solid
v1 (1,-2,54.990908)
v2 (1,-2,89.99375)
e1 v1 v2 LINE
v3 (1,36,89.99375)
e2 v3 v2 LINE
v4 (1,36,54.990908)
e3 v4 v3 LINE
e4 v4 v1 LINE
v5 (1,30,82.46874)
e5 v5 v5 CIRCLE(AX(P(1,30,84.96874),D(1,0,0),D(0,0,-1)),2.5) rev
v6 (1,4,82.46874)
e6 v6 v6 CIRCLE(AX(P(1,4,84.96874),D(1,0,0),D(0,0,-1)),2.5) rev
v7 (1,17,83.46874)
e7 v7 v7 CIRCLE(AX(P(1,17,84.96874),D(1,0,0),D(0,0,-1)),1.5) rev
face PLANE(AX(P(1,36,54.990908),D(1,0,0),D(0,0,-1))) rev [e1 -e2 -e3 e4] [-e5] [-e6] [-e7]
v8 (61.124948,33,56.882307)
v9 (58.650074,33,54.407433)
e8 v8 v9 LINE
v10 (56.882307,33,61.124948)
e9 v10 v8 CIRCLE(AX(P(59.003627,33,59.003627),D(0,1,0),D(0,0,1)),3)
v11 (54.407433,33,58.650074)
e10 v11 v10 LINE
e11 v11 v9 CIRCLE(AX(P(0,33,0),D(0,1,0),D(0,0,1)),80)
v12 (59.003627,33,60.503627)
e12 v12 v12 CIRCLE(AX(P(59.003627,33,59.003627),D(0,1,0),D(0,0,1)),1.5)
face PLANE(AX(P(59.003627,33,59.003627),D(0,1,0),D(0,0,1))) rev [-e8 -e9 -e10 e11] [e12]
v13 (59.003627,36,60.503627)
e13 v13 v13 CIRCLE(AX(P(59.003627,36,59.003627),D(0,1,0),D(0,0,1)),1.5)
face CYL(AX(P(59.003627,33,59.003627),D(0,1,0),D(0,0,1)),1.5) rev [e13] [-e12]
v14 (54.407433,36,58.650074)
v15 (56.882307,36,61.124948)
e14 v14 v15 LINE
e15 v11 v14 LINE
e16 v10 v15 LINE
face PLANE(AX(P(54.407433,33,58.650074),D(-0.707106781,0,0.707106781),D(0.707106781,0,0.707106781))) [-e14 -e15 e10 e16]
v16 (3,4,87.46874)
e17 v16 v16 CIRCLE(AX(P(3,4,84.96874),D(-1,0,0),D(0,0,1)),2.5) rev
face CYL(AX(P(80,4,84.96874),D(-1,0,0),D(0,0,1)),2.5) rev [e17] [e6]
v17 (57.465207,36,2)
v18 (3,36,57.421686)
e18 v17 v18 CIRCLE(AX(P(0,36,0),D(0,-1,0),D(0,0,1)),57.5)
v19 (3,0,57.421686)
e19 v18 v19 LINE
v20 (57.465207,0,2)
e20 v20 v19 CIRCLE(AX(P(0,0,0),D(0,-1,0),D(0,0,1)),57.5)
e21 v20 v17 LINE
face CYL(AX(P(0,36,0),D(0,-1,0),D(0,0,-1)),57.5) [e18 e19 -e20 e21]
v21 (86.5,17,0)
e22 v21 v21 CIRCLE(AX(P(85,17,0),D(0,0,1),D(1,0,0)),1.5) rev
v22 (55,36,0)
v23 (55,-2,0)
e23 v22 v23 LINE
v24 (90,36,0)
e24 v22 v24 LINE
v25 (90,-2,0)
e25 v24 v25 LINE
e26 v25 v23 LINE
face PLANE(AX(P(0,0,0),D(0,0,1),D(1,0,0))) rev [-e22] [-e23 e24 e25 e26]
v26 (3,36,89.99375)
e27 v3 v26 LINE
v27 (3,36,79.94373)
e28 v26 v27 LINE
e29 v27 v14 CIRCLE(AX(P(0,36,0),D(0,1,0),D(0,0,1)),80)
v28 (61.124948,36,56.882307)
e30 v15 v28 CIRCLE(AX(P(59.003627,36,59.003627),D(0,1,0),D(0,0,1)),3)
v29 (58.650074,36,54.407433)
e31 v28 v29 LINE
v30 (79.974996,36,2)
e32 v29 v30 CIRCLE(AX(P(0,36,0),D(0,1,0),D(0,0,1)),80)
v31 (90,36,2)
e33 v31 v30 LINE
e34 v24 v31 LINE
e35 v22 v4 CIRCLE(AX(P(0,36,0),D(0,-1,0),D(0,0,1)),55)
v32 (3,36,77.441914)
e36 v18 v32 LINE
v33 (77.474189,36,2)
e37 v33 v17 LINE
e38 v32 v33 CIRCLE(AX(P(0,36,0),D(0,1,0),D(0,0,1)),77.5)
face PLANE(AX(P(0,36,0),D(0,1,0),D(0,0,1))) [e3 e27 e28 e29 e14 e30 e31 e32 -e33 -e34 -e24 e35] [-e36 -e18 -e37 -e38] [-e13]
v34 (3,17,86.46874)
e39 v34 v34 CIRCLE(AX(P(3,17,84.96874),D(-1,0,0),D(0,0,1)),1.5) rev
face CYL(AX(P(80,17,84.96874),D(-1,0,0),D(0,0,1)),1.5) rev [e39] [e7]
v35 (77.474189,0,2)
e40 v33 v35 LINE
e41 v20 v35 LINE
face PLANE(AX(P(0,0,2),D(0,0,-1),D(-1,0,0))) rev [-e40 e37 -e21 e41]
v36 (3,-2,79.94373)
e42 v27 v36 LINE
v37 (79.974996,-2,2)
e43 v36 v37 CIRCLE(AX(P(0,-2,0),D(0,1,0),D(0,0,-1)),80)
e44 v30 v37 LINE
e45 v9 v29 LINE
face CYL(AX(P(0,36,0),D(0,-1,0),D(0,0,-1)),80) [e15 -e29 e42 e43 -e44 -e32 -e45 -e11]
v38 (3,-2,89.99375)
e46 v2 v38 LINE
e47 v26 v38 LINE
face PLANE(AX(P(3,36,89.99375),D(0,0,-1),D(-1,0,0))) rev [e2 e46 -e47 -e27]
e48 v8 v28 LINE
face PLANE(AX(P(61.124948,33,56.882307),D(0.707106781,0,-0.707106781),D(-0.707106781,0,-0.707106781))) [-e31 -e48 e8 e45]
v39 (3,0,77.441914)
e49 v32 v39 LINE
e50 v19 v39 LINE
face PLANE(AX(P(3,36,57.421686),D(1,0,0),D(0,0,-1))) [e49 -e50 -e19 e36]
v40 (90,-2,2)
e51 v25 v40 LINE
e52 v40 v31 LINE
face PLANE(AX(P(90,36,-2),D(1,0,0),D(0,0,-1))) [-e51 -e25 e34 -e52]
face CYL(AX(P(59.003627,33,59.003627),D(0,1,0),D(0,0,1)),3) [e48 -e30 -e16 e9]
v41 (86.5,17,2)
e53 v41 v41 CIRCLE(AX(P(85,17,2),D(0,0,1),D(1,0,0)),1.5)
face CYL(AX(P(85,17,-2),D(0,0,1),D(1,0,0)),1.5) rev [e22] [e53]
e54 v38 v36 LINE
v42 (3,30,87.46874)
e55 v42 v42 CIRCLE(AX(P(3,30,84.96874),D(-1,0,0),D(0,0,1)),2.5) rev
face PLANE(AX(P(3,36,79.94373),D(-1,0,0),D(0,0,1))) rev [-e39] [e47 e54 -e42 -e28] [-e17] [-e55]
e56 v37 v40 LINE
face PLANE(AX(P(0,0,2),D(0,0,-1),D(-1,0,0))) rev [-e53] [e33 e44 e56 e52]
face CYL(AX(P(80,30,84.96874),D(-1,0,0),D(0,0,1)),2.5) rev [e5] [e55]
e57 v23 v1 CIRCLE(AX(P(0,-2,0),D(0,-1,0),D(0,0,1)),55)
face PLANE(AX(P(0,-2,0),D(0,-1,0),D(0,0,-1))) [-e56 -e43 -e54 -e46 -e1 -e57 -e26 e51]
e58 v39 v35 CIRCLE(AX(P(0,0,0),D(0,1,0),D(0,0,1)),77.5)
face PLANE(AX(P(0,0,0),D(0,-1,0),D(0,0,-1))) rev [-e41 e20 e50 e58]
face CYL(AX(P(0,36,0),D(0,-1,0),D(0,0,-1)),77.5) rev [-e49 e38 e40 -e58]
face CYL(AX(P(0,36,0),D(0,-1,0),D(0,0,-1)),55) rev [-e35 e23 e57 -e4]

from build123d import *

# Parameters (mm, degrees)
EXTRUDE_1_DEPTH      = 36
EXTRUDE_START        = -2
EXTRUDE_2_DEPTH      = 2
SKETCH_3_R           = 2.5
SKETCH_3_R_2         = 1.5
CUT_EXTRUDE_1_DEPTH  = 126.677663072
EXTRUDE_3_DEPTH      = 2
EXTRUDE_3_DEPTH_BACK = 2
SKETCH_4_R           = 1.5
SKETCH_5_W           = 98.68516208
SKETCH_5_H           = 47.907231557
CUT_EXTRUDE_2_DEPTH  = 133.268193437
SKETCH_6_R           = 1.5
EXTRUDE_4_DEPTH      = 3


with BuildPart() as part:
    # 草图1 → 凸台-拉伸1 (new body)
    with BuildSketch(Plane(origin=(0, 0, 0), x_dir=(1, 0, 0), z_dir=(0, 1, 0))):
        with BuildLine():
            Line((3, -79.943730211), (3, -89.993749756))
            Line((3, -89.993749756), (1, -89.993749756))
            Line((1, -89.993749756), (1, -54.990908339))
            ThreePointArc((1, -54.990908339), (55, 0), (1, 54.990908339))
            Line((1, 54.990908339), (1, 79.993749756))
            Line((1, 79.993749756), (1, 89.993749756))
            Line((1, 89.993749756), (3, 89.993749756))
            Line((3, 89.993749756), (3, 79.943730211))
            ThreePointArc((3, 79.943730211), (80, 0), (3, -79.943730211))
        make_face()
        with BuildLine():
            Line((3, 77.441913716), (3, 57.421685799))
            ThreePointArc((3, 57.421685799), (57.5, 0), (3, -57.421685799))
            Line((3, -57.421685799), (3, -77.441913716))
            ThreePointArc((3, -77.441913716), (77.5, 0), (3, 77.441913716))
        make_face(mode=Mode.SUBTRACT)
    extrude(amount=EXTRUDE_1_DEPTH)

    # 草图2 → 凸台-拉伸2 (add)
    with BuildSketch(Plane(origin=(0, 0, 0), x_dir=(1, 0, 0), z_dir=(0, 1, 0)).offset(EXTRUDE_START)):
        with BuildLine():
            Line((1, 89.993749756), (1, 54.990908339))
            ThreePointArc((1, 54.990908339), (55, 0), (1, -54.990908339))
            Line((1, -54.990908339), (1, -89.993749756))
            Line((1, -89.993749756), (3, -89.993749756))
            Line((3, -89.993749756), (3, -79.943730211))
            ThreePointArc((3, -79.943730211), (80, 0), (3, 79.943730211))
            Line((3, 79.943730211), (3, 89.993749756))
            Line((3, 89.993749756), (1, 89.993749756))
        make_face()
    extrude(amount=EXTRUDE_2_DEPTH)

    # 草图3 → 切除-拉伸1 (cut, through all)
    with BuildSketch(Plane(origin=(0, 0, 0), x_dir=(0, 0, -1), z_dir=(1, 0, 0))):
        with Locations((-84.968739983, 30)):
            Circle(SKETCH_3_R)
        with Locations((-84.968739983, 17)):
            Circle(SKETCH_3_R_2)
        with Locations((84.968739983, 17)):
            Circle(SKETCH_3_R_2)
        with Locations((84.968739983, 30)):
            Circle(SKETCH_3_R)
        with Locations((-84.968739983, 4)):
            Circle(SKETCH_3_R)
    extrude(amount=CUT_EXTRUDE_1_DEPTH, mode=Mode.SUBTRACT)

    # 草图4 → 凸台-拉伸3 (add, two sides: drawn at the far end of the back side and taken through both)
    with BuildSketch(Plane.XY.offset(-EXTRUDE_3_DEPTH_BACK)):
        Polygon((80, 36), (55, 36), (55, -2), (80, -2), (90, -2), (90, 36), align=None)
        with Locations((85, 17)):
            Circle(SKETCH_4_R, mode=Mode.SUBTRACT)
    extrude(amount=EXTRUDE_3_DEPTH + EXTRUDE_3_DEPTH_BACK)

    # 草图5 → 切除-拉伸2 (cut, through all)
    with BuildSketch(Plane.XY):
        with Locations((47.157910723, 20.571893337)):
            Rectangle(SKETCH_5_W, SKETCH_5_H)
    extrude(amount=-CUT_EXTRUDE_2_DEPTH, mode=Mode.SUBTRACT)

    # 草图6 → 凸台-拉伸4 (add)
    with BuildSketch(Plane(origin=(0, 36, 0), x_dir=(1, 0, 0), z_dir=(0, 1, 0))):
        with BuildLine():
            Line((58.650074089, -54.407433402), (54.407433402, -58.650074089))
            Line((54.407433402, -58.650074089), (56.882307136, -61.124947823))
            ThreePointArc((56.882307136, -61.124947823), (61.124947823, -61.124947823), (61.124947823, -56.882307136))
            Line((61.124947823, -56.882307136), (58.650074089, -54.407433402))
        make_face()
        with Locations((59.003627479, -59.003627479)):
            Circle(SKETCH_6_R, mode=Mode.SUBTRACT)
    extrude(amount=-EXTRUDE_4_DEPTH)


solid = part.part
